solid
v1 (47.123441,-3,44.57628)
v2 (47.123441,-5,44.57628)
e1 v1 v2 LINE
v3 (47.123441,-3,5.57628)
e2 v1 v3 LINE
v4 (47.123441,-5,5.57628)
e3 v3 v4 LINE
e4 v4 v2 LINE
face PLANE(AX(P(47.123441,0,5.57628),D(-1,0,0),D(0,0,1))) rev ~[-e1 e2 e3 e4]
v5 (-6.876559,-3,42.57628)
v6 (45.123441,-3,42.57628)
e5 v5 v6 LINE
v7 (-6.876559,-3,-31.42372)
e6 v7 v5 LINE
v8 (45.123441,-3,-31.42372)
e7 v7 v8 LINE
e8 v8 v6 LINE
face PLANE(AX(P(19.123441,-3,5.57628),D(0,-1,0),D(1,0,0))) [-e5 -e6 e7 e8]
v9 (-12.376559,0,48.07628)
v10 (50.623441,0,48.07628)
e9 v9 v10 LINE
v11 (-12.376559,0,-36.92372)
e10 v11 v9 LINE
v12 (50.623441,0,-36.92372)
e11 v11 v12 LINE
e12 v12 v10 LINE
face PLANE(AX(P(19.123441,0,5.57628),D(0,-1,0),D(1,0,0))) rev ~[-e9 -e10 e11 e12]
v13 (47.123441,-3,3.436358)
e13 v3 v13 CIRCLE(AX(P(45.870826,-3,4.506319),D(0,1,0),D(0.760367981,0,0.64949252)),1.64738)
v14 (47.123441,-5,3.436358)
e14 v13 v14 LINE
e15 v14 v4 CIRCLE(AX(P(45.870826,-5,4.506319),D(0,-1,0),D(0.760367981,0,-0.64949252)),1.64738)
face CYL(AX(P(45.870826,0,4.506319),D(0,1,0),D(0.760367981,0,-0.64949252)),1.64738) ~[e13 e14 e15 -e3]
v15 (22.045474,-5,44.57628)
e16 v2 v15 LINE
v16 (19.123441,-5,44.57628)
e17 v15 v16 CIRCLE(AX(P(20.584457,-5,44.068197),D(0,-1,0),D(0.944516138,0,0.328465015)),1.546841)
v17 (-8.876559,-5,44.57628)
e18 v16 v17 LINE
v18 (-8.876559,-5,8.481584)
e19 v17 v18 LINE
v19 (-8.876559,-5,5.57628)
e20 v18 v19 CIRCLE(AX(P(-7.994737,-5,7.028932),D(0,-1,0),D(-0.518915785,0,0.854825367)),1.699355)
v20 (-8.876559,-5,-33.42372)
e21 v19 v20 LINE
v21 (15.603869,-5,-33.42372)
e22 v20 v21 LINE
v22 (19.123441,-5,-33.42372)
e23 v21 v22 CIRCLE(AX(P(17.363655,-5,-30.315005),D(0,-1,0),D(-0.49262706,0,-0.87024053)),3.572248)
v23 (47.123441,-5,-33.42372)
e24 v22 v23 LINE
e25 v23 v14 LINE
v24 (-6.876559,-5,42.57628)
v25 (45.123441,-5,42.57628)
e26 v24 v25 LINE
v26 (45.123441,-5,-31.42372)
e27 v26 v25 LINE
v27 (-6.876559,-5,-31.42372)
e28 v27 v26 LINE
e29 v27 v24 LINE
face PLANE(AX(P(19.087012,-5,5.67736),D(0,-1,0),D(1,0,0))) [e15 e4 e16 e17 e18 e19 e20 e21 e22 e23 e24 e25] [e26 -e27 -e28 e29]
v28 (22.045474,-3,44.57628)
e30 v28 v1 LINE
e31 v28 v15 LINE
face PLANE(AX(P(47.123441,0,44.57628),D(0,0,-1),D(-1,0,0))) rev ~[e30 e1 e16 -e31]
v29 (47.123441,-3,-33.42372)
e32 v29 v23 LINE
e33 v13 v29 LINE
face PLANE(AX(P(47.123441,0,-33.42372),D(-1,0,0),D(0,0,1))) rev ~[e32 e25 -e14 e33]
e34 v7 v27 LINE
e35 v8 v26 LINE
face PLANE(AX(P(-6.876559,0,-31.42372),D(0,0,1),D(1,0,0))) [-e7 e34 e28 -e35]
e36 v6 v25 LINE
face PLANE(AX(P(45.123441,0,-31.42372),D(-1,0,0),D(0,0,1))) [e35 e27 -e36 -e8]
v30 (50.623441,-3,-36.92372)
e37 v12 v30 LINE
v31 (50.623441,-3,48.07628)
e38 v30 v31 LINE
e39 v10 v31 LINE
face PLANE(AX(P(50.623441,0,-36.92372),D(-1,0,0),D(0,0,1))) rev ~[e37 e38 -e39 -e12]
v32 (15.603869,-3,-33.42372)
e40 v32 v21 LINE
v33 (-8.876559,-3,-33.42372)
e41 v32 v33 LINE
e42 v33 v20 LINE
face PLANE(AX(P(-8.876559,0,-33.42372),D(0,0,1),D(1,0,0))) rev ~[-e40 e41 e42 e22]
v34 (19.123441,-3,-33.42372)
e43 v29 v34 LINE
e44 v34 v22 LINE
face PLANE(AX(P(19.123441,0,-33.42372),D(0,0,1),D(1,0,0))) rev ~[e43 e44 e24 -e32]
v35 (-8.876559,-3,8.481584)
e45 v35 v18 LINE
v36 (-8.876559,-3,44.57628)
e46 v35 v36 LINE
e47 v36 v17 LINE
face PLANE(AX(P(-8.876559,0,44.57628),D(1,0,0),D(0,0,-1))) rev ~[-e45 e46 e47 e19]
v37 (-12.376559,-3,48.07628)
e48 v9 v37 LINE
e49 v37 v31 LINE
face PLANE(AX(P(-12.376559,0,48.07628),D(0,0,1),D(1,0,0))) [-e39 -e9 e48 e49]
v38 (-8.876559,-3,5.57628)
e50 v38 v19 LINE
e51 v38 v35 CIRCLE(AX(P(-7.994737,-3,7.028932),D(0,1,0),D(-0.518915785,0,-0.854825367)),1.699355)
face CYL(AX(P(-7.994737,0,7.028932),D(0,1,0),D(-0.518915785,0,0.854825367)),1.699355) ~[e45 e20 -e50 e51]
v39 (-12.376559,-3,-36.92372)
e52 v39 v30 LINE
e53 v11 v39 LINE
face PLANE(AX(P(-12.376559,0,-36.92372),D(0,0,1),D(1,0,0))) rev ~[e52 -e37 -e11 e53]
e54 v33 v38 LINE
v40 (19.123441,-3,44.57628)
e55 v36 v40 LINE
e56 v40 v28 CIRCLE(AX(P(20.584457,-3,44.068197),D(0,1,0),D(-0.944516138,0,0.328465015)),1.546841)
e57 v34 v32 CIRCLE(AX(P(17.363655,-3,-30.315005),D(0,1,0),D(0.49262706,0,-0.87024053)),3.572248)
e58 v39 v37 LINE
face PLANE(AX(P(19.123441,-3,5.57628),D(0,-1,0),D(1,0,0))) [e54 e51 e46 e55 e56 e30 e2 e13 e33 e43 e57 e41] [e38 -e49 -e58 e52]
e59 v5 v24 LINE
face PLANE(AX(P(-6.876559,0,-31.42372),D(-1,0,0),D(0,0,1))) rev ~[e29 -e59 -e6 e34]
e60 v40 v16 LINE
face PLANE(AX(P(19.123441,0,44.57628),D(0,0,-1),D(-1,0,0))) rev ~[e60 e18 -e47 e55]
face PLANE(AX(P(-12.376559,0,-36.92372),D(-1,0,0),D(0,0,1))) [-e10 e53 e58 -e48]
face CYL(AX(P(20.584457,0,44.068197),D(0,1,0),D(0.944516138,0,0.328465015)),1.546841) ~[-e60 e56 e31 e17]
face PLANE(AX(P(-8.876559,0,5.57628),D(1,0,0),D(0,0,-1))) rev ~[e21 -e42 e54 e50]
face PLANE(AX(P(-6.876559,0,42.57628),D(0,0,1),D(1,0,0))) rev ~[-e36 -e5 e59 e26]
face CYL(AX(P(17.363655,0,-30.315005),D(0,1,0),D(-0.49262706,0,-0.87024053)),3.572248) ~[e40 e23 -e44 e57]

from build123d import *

# Parameters (mm, degrees)
F0_W     = 52
F0_H     = 74
F1_DEPTH = 5
F0_W_2   = 63
F0_H_2   = 85
F2_DEPTH = 3


with BuildPart() as f1:
    # F0 (on Front) → F1 (new body)
    with BuildSketch(Plane.XZ):
        with BuildLine():
            Line((19.123441, -33.42372), (47.123441, -33.42372))
            Line((47.123441, -33.42372), (47.123441, 3.436358))
            ThreePointArc((47.123441, 3.436358), (47.518206, 4.506319), (47.123441, 5.57628))
            Line((47.123441, 5.57628), (47.123441, 44.57628))
            Line((47.123441, 44.57628), (22.045474, 44.57628))
            ThreePointArc((22.045474, 44.57628), (20.584458, 45.615038), (19.123441, 44.57628))
            Line((19.123441, 44.57628), (15.997724, 44.57628))
            Line((15.997724, 44.57628), (-8.876559, 44.57628))
            Line((-8.876559, 44.57628), (-8.876559, 8.481584))
            ThreePointArc((-8.876559, 8.481584), (-9.694092, 7.028932), (-8.876559, 5.57628))
            Line((-8.876559, 5.57628), (-8.876559, -33.42372))
            Line((-8.876559, -33.42372), (15.603869, -33.42372))
            ThreePointArc((15.603869, -33.42372), (17.363655, -33.887253), (19.123441, -33.42372))
        make_face()
        with Locations((19.123441, 5.57628)):
            Rectangle(F0_W, F0_H, mode=Mode.SUBTRACT)
    extrude(amount=F1_DEPTH)

    # F0 (on Front) → F2 (join)
    with BuildSketch(Plane.XZ):
        with Locations((19.123441, 5.57628)):
            Rectangle(F0_W_2, F0_H_2)
        with BuildLine():
            Line((47.123441, 3.436358), (47.123441, -33.42372))
            Line((47.123441, -33.42372), (19.123441, -33.42372))
            ThreePointArc((19.123441, -33.42372), (17.363655, -33.887253), (15.603869, -33.42372))
            Line((15.603869, -33.42372), (-8.876559, -33.42372))
            Line((-8.876559, -33.42372), (-8.876559, 5.57628))
            ThreePointArc((-8.876559, 5.57628), (-9.694092, 7.028932), (-8.876559, 8.481584))
            Line((-8.876559, 8.481584), (-8.876559, 44.57628))
            Line((-8.876559, 44.57628), (15.997724, 44.57628))
            Line((15.997724, 44.57628), (19.123441, 44.57628))
            ThreePointArc((19.123441, 44.57628), (20.584458, 45.615038), (22.045474, 44.57628))
            Line((22.045474, 44.57628), (47.123441, 44.57628))
            Line((47.123441, 44.57628), (47.123441, 5.57628))
            ThreePointArc((47.123441, 5.57628), (47.518206, 4.506319), (47.123441, 3.436358))
        make_face(mode=Mode.SUBTRACT)
        with Locations((19.123441, 5.57628)):
            Rectangle(F0_W, F0_H)
    extrude(amount=F2_DEPTH)


solid = f1.part
